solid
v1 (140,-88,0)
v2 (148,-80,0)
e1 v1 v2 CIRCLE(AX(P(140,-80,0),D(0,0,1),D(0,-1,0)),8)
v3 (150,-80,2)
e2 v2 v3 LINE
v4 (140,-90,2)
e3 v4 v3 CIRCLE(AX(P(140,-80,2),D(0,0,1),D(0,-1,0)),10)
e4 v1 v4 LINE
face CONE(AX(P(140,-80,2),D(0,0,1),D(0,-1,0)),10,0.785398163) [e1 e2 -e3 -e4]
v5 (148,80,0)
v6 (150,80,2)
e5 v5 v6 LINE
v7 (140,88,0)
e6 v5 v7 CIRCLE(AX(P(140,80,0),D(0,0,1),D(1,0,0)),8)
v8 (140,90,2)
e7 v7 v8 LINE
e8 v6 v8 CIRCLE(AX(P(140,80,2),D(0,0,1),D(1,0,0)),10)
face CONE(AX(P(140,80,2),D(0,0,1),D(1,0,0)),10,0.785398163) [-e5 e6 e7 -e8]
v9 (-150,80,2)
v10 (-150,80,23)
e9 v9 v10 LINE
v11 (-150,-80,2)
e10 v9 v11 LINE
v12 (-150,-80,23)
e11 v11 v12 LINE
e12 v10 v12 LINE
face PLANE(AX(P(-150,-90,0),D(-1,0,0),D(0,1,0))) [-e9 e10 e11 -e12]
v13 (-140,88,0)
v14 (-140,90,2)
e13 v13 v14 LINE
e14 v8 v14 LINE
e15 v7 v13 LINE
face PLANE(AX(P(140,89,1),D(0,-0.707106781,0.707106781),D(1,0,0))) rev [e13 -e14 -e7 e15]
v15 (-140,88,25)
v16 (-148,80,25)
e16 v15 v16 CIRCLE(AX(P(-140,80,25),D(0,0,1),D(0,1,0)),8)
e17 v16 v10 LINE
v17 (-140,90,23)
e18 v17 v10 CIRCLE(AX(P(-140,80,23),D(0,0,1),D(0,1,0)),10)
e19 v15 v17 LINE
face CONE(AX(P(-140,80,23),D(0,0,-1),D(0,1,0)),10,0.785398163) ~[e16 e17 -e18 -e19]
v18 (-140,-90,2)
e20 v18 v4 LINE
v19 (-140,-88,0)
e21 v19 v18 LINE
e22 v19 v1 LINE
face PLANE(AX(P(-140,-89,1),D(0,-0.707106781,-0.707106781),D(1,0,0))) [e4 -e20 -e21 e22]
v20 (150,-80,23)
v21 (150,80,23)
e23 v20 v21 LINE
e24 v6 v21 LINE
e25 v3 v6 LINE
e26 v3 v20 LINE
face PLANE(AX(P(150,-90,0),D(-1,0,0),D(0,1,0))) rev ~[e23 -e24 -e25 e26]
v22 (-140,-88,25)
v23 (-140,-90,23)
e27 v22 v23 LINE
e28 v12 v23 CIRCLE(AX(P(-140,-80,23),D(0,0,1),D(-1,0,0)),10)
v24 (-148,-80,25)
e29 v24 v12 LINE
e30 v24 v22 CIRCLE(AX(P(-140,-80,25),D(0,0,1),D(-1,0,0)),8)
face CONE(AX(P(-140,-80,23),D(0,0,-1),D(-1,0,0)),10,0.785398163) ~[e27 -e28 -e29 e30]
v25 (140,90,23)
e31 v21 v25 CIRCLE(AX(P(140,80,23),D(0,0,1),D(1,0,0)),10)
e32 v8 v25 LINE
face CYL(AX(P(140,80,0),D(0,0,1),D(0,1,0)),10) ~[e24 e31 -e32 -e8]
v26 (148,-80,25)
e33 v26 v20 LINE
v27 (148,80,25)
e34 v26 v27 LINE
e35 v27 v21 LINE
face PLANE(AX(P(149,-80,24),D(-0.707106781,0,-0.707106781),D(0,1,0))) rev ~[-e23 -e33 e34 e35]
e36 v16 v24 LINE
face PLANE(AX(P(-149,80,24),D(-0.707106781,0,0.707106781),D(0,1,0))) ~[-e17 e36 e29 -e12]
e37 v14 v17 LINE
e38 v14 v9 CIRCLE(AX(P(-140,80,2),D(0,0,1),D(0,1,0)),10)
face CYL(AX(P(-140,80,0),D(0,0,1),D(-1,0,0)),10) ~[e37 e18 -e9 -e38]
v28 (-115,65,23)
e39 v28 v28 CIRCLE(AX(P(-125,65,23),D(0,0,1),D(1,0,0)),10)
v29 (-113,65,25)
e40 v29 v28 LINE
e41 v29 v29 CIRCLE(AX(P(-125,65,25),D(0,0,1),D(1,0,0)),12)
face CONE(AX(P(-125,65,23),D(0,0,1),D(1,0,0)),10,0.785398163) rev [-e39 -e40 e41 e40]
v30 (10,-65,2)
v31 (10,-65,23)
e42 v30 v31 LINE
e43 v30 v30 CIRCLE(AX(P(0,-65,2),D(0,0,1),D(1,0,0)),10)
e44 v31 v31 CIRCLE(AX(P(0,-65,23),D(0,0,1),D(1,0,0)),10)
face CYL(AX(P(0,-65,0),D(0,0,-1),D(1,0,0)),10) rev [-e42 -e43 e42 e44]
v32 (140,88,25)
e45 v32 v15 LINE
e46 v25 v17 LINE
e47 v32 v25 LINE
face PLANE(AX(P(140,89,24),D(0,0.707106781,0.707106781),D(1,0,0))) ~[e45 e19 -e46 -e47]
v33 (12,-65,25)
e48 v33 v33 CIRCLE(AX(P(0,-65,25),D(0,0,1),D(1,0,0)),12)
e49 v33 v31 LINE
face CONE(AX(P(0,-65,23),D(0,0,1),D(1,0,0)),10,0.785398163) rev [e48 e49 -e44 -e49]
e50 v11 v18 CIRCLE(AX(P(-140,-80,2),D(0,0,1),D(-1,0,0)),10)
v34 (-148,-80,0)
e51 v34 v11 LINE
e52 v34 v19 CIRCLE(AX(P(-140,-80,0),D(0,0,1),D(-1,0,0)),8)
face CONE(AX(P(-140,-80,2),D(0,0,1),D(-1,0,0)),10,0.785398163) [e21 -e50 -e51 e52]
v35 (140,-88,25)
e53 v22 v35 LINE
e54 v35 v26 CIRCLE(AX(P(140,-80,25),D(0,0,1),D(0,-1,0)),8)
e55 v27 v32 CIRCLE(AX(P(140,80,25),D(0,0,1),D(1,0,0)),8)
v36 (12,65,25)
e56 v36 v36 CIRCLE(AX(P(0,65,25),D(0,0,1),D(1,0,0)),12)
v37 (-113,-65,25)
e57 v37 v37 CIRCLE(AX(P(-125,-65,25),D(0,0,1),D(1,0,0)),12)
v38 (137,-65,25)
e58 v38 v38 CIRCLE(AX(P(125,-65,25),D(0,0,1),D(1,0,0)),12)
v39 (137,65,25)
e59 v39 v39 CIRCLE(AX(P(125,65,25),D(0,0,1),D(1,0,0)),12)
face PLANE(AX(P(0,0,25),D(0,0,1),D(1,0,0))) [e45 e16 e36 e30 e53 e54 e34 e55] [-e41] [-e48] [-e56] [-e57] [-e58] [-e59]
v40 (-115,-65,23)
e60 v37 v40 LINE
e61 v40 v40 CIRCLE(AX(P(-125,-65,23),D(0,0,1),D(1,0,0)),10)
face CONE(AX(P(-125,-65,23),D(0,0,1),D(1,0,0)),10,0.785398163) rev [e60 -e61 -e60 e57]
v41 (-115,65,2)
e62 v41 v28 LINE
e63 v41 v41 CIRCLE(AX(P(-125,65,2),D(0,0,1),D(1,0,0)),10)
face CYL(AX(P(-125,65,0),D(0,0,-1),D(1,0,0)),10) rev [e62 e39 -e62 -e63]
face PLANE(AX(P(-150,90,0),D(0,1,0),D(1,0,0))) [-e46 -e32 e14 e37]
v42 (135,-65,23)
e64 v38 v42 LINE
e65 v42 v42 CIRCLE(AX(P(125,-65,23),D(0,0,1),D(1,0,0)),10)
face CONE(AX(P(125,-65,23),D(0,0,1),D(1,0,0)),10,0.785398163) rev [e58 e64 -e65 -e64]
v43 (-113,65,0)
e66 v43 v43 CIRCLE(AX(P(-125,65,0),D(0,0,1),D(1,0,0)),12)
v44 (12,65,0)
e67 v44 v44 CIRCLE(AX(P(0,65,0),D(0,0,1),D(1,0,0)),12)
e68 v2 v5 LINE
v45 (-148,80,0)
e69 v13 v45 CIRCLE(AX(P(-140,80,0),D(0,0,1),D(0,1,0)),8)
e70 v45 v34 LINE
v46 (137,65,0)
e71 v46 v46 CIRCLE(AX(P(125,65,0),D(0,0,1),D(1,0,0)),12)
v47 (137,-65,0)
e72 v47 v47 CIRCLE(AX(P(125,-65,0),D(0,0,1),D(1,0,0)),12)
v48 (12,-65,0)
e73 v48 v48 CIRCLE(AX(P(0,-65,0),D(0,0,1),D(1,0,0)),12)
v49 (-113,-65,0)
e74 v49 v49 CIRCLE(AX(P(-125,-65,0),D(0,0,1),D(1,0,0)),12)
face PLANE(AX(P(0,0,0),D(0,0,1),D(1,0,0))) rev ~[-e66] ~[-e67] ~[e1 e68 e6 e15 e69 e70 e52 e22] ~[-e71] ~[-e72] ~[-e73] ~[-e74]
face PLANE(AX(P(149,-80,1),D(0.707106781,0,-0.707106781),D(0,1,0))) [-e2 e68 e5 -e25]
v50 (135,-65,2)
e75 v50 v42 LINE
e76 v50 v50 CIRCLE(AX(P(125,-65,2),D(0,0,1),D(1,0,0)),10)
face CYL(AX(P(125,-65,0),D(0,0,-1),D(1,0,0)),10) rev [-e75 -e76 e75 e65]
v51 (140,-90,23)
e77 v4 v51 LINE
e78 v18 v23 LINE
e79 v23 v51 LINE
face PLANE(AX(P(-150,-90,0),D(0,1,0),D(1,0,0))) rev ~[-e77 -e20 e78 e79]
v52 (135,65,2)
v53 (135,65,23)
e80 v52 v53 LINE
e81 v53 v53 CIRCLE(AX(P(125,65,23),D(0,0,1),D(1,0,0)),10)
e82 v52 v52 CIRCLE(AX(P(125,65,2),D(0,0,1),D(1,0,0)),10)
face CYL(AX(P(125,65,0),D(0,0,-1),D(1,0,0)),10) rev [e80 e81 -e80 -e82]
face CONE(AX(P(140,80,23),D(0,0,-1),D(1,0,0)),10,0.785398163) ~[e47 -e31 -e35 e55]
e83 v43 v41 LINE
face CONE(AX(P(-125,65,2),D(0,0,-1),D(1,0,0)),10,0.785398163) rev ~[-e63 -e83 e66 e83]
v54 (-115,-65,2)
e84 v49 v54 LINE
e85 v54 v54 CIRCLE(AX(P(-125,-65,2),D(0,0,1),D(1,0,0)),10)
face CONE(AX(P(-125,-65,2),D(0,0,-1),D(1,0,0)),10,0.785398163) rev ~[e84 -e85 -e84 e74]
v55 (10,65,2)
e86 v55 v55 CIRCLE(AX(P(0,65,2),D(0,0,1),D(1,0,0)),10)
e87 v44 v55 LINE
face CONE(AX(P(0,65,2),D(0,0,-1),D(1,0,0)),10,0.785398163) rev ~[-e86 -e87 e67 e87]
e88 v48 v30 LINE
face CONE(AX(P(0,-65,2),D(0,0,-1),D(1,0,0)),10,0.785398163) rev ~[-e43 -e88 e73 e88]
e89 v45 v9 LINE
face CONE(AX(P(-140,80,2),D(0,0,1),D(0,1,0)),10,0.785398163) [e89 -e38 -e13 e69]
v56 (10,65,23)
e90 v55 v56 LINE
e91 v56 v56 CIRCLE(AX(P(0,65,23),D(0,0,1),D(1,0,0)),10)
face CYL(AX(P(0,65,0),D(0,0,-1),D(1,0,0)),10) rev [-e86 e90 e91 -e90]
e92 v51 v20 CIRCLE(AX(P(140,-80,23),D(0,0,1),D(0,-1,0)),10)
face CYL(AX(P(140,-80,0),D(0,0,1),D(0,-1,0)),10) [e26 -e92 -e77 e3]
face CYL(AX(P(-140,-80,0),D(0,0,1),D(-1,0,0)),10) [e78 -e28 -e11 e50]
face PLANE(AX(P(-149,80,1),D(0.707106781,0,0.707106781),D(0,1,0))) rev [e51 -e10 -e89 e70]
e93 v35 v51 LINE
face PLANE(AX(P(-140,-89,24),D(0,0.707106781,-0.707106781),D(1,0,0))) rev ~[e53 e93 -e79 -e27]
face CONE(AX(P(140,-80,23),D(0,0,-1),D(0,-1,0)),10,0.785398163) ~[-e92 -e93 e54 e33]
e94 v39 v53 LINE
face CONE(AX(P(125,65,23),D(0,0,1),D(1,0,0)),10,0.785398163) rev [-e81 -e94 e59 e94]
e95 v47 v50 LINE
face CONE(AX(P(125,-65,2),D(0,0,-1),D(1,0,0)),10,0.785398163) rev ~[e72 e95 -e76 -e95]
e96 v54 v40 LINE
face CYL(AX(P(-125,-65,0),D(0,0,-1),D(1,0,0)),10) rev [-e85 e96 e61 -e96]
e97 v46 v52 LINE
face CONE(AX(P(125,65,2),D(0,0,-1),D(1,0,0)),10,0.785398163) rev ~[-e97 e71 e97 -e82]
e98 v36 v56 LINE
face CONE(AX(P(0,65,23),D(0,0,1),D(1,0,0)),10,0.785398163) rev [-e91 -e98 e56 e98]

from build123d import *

# Parameters (mm, degrees)
F0_W     = 300
F0_H     = 180
F0_R     = 10
F1_DEPTH = 25
F2_R     = 10
F3_SIZE2 = 2
F3_SIZE  = 2


with BuildPart() as f1:
    # F0 (on Top) → F1 (new body)
    with BuildSketch(Plane.XY):
        Rectangle(F0_W, F0_H)
        with Locations((-125, -65)):
            Circle(F0_R, mode=Mode.SUBTRACT)
        with Locations((0, -65)):
            Circle(F0_R, mode=Mode.SUBTRACT)
        with Locations((125, -65)):
            Circle(F0_R, mode=Mode.SUBTRACT)
        with Locations((-125, 65)):
            Circle(F0_R, mode=Mode.SUBTRACT)
        with Locations((0, 65)):
            Circle(F0_R, mode=Mode.SUBTRACT)
        with Locations((125, 65)):
            Circle(F0_R, mode=Mode.SUBTRACT)
    extrude(amount=F1_DEPTH)

    # F2
    f2_edges = [f1.edges().sort_by_distance(p)[0] for p in [
        (-150, -90, 12.5),
        (-150, 90, 12.5),
        (150, -90, 12.5),
        (150, 90, 12.5),
    ]]
    fillet(f2_edges, radius=F2_R)

    # F3
    f3_edges = [f1.edges().sort_by_distance(p)[0] for p in [
        (150, 0, 25),
        (147.071068, -87.071068, 25),
        (147.071068, 87.071068, 25),
        (0, -90, 25),
        (0, 90, 25),
        (-147.071068, -87.071068, 25),
        (-147.071068, 87.071068, 25),
        (-150, 0, 25),
        (-135, -65, 25),
        (-10, -65, 25),
        (115, -65, 25),
        (-135, 65, 25),
        (-10, 65, 25),
        (115, 65, 25),
        (150, 0, 0),
        (147.071068, -87.071068, 0),
        (147.071068, 87.071068, 0),
        (0, -90, 0),
        (0, 90, 0),
        (-147.071068, -87.071068, 0),
        (-147.071068, 87.071068, 0),
        (-150, 0, 0),
        (-135, -65, 0),
        (-10, -65, 0),
        (115, -65, 0),
        (-135, 65, 0),
        (-10, 65, 0),
        (115, 65, 0),
    ]]
    chamfer(f3_edges, length=F3_SIZE, length2=F3_SIZE2)


solid = f1.part
